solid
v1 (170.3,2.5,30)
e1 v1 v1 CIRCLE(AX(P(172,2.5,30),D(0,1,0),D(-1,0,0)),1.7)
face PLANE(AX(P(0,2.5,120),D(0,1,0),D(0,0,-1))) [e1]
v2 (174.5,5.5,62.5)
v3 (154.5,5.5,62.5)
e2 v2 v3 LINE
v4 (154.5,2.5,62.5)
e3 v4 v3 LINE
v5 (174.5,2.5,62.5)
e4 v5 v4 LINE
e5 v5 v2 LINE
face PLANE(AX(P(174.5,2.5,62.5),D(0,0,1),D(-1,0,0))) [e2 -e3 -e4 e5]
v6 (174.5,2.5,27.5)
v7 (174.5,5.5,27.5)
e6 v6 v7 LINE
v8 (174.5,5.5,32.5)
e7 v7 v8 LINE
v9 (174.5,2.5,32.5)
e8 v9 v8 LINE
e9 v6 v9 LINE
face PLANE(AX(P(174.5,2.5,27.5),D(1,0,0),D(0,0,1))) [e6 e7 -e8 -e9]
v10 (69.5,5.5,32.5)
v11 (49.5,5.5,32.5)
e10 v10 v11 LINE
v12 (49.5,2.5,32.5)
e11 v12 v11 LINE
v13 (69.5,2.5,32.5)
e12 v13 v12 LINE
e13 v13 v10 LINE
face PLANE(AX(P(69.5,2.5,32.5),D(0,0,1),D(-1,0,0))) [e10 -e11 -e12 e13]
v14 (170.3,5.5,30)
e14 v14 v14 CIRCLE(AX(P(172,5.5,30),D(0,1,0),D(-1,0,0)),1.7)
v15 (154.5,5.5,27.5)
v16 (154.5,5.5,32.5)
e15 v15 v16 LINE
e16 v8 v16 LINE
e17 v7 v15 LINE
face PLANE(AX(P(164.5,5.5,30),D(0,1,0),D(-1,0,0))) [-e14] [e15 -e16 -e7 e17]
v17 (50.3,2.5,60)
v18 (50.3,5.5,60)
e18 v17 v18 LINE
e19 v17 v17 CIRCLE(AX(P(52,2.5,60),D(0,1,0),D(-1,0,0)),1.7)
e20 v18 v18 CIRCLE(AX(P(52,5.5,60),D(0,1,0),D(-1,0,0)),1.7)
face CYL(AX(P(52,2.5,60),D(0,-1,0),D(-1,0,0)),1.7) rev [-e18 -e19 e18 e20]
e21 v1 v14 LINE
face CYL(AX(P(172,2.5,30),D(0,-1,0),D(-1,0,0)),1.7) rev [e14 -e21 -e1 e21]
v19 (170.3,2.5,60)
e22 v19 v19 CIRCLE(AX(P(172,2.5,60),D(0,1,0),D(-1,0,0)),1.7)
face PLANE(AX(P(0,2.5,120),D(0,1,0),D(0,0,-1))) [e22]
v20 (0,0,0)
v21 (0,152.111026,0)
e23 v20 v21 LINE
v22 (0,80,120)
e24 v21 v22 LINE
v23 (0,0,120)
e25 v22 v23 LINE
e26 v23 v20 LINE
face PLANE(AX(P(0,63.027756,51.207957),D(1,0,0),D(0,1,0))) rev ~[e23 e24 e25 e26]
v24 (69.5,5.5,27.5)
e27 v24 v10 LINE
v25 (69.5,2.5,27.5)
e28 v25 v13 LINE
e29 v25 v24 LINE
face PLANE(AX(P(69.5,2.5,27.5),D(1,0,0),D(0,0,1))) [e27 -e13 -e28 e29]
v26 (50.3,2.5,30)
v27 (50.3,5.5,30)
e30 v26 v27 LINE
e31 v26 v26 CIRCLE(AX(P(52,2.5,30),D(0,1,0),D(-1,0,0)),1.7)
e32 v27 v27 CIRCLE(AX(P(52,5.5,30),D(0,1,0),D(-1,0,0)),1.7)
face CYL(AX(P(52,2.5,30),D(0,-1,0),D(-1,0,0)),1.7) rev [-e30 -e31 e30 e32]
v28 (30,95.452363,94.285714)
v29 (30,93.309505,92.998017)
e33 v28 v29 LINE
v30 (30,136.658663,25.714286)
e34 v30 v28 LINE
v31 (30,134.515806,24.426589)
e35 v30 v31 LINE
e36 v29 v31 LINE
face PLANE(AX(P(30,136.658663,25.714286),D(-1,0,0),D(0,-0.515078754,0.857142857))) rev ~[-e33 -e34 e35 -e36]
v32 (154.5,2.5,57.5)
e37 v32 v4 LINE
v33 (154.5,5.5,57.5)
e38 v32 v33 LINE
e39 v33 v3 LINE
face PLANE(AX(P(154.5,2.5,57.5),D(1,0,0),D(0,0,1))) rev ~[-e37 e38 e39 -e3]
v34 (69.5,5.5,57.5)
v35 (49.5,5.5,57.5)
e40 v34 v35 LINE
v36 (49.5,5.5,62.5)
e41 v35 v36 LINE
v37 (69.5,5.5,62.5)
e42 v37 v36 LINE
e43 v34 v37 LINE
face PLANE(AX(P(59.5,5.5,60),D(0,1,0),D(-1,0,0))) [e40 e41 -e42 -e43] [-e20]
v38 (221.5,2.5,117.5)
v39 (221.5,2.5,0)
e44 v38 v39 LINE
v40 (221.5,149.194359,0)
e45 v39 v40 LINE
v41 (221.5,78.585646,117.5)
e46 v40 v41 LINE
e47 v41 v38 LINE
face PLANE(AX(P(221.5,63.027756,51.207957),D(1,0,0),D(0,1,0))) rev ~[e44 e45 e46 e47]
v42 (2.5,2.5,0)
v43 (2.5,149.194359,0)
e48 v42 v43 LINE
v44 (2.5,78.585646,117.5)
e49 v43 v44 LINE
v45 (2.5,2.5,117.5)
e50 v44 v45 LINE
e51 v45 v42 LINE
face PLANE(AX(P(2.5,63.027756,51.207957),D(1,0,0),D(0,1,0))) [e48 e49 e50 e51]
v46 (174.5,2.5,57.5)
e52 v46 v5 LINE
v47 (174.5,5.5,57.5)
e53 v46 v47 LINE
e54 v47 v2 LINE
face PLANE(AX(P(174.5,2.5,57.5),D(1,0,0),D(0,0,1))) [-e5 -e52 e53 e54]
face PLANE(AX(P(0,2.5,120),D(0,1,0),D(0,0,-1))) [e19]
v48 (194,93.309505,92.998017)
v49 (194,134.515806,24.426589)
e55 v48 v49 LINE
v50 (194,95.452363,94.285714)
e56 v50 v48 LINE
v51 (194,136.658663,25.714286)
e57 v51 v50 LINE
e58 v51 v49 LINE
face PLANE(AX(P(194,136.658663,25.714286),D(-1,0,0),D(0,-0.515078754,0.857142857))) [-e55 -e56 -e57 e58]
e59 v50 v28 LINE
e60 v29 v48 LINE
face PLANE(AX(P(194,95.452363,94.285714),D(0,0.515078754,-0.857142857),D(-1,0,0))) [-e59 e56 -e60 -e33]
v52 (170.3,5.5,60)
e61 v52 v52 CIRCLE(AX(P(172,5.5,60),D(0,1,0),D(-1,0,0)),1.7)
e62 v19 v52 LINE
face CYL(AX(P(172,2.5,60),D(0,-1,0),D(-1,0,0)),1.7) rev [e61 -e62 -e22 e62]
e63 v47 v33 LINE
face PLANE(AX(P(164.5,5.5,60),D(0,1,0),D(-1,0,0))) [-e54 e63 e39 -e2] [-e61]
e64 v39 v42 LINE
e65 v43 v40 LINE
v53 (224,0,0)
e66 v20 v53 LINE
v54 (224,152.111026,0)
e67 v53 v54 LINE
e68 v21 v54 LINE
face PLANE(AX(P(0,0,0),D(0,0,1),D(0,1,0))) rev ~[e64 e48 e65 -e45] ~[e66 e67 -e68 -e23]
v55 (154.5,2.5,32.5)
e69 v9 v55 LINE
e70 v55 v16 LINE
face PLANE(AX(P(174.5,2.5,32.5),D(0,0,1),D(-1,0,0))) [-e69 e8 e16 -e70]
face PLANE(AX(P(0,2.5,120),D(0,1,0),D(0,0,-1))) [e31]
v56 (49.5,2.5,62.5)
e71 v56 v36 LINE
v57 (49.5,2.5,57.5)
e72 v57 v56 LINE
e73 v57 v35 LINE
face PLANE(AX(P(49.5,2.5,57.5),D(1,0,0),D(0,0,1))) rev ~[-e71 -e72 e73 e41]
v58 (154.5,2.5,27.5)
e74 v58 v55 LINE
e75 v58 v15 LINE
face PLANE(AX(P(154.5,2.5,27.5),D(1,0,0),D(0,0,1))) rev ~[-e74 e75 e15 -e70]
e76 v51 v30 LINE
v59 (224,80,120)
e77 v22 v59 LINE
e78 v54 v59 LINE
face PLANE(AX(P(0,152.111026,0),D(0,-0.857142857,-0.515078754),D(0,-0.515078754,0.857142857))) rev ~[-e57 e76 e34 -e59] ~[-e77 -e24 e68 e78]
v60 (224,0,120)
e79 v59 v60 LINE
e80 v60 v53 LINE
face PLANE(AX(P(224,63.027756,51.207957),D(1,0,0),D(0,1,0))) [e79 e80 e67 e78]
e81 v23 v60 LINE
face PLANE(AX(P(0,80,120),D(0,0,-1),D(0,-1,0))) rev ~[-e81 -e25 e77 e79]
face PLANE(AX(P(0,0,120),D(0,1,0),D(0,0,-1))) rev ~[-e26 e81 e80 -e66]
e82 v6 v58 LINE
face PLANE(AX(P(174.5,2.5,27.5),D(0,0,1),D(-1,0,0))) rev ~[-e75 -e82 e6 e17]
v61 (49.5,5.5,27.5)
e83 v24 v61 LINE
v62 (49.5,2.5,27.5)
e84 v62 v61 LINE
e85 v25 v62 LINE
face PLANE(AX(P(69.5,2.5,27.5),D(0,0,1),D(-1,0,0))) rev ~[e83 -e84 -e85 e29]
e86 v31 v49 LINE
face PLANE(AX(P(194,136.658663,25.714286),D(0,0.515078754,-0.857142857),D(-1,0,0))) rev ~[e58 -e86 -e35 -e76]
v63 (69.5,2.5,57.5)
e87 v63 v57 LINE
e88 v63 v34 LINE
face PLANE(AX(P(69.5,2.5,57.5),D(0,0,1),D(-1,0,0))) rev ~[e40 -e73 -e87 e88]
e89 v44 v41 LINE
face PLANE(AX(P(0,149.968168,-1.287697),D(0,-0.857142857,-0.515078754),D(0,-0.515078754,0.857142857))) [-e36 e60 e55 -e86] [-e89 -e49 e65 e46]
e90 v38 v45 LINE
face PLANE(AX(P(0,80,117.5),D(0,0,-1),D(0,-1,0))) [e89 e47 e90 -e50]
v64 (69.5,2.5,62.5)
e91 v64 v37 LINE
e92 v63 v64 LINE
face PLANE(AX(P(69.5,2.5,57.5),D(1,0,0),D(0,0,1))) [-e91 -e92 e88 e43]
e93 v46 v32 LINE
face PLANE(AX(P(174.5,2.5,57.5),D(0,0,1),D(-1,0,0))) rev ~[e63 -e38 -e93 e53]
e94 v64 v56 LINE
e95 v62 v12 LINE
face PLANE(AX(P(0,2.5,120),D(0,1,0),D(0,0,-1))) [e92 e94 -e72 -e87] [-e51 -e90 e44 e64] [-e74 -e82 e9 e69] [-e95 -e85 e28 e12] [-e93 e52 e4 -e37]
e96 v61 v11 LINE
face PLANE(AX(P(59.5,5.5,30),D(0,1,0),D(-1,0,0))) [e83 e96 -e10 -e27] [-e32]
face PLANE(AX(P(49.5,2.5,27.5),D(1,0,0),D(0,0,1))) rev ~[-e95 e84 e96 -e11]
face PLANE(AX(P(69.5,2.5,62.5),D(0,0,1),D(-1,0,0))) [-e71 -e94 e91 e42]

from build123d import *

# Parameters (mm, degrees)
F1_DEPTH = 224
F2_T     = -2.5
F3_W     = 164
F3_H     = 80
F4_DEPTH = 6
F5_W     = 20
F5_H     = 5
F5_R     = 1.7
F6_DEPTH = 3


with BuildPart() as f1:
    # F0 (on Right) → F1 (new body)
    with BuildSketch(Plane.YZ):
        Polygon((0, 120), (0, 0), (152.1110255093, 0), (80, 120), align=None)
    extrude(amount=F1_DEPTH)

    # F2
    f2_openings = [f1.faces().sort_by_distance(p)[0] for p in [
        (112, 76.055513, 0),
    ]]
    offset(amount=F2_T, openings=f2_openings, kind=Kind.INTERSECTION)

    # F3 (on face) → F4 (cut)
    with BuildSketch(Plane(origin=(0, 111.7550391497, 67.1564206576), x_dir=(-1, 0, 0), z_dir=(0, 0.8571428571, 0.5150787536))):
        with Locations((-112, -8.3491574339)):
            Rectangle(F3_W, F3_H)
    extrude(amount=-F4_DEPTH, mode=Mode.SUBTRACT)

    # F5 (on face) → F6 (join)
    with BuildSketch(Plane(origin=(0, 2.5, 0), x_dir=(-1, 0, 0), z_dir=(0, 1, 0))):
        with Locations((-164.5, 30)):
            Rectangle(F5_W, F5_H)
        with Locations((-172, 30)):
            Circle(F5_R, mode=Mode.SUBTRACT)
        with Locations((-164.5, 60)):
            Rectangle(F5_W, F5_H)
        with Locations((-172, 60)):
            Circle(F5_R, mode=Mode.SUBTRACT)
        with Locations((-59.5, 30)):
            Rectangle(F5_W, F5_H)
        with Locations((-52, 30)):
            Circle(F5_R, mode=Mode.SUBTRACT)
        with Locations((-59.5, 60)):
            Rectangle(F5_W, F5_H)
        with Locations((-52, 60)):
            Circle(F5_R, mode=Mode.SUBTRACT)
    extrude(amount=F6_DEPTH)


solid = f1.part
